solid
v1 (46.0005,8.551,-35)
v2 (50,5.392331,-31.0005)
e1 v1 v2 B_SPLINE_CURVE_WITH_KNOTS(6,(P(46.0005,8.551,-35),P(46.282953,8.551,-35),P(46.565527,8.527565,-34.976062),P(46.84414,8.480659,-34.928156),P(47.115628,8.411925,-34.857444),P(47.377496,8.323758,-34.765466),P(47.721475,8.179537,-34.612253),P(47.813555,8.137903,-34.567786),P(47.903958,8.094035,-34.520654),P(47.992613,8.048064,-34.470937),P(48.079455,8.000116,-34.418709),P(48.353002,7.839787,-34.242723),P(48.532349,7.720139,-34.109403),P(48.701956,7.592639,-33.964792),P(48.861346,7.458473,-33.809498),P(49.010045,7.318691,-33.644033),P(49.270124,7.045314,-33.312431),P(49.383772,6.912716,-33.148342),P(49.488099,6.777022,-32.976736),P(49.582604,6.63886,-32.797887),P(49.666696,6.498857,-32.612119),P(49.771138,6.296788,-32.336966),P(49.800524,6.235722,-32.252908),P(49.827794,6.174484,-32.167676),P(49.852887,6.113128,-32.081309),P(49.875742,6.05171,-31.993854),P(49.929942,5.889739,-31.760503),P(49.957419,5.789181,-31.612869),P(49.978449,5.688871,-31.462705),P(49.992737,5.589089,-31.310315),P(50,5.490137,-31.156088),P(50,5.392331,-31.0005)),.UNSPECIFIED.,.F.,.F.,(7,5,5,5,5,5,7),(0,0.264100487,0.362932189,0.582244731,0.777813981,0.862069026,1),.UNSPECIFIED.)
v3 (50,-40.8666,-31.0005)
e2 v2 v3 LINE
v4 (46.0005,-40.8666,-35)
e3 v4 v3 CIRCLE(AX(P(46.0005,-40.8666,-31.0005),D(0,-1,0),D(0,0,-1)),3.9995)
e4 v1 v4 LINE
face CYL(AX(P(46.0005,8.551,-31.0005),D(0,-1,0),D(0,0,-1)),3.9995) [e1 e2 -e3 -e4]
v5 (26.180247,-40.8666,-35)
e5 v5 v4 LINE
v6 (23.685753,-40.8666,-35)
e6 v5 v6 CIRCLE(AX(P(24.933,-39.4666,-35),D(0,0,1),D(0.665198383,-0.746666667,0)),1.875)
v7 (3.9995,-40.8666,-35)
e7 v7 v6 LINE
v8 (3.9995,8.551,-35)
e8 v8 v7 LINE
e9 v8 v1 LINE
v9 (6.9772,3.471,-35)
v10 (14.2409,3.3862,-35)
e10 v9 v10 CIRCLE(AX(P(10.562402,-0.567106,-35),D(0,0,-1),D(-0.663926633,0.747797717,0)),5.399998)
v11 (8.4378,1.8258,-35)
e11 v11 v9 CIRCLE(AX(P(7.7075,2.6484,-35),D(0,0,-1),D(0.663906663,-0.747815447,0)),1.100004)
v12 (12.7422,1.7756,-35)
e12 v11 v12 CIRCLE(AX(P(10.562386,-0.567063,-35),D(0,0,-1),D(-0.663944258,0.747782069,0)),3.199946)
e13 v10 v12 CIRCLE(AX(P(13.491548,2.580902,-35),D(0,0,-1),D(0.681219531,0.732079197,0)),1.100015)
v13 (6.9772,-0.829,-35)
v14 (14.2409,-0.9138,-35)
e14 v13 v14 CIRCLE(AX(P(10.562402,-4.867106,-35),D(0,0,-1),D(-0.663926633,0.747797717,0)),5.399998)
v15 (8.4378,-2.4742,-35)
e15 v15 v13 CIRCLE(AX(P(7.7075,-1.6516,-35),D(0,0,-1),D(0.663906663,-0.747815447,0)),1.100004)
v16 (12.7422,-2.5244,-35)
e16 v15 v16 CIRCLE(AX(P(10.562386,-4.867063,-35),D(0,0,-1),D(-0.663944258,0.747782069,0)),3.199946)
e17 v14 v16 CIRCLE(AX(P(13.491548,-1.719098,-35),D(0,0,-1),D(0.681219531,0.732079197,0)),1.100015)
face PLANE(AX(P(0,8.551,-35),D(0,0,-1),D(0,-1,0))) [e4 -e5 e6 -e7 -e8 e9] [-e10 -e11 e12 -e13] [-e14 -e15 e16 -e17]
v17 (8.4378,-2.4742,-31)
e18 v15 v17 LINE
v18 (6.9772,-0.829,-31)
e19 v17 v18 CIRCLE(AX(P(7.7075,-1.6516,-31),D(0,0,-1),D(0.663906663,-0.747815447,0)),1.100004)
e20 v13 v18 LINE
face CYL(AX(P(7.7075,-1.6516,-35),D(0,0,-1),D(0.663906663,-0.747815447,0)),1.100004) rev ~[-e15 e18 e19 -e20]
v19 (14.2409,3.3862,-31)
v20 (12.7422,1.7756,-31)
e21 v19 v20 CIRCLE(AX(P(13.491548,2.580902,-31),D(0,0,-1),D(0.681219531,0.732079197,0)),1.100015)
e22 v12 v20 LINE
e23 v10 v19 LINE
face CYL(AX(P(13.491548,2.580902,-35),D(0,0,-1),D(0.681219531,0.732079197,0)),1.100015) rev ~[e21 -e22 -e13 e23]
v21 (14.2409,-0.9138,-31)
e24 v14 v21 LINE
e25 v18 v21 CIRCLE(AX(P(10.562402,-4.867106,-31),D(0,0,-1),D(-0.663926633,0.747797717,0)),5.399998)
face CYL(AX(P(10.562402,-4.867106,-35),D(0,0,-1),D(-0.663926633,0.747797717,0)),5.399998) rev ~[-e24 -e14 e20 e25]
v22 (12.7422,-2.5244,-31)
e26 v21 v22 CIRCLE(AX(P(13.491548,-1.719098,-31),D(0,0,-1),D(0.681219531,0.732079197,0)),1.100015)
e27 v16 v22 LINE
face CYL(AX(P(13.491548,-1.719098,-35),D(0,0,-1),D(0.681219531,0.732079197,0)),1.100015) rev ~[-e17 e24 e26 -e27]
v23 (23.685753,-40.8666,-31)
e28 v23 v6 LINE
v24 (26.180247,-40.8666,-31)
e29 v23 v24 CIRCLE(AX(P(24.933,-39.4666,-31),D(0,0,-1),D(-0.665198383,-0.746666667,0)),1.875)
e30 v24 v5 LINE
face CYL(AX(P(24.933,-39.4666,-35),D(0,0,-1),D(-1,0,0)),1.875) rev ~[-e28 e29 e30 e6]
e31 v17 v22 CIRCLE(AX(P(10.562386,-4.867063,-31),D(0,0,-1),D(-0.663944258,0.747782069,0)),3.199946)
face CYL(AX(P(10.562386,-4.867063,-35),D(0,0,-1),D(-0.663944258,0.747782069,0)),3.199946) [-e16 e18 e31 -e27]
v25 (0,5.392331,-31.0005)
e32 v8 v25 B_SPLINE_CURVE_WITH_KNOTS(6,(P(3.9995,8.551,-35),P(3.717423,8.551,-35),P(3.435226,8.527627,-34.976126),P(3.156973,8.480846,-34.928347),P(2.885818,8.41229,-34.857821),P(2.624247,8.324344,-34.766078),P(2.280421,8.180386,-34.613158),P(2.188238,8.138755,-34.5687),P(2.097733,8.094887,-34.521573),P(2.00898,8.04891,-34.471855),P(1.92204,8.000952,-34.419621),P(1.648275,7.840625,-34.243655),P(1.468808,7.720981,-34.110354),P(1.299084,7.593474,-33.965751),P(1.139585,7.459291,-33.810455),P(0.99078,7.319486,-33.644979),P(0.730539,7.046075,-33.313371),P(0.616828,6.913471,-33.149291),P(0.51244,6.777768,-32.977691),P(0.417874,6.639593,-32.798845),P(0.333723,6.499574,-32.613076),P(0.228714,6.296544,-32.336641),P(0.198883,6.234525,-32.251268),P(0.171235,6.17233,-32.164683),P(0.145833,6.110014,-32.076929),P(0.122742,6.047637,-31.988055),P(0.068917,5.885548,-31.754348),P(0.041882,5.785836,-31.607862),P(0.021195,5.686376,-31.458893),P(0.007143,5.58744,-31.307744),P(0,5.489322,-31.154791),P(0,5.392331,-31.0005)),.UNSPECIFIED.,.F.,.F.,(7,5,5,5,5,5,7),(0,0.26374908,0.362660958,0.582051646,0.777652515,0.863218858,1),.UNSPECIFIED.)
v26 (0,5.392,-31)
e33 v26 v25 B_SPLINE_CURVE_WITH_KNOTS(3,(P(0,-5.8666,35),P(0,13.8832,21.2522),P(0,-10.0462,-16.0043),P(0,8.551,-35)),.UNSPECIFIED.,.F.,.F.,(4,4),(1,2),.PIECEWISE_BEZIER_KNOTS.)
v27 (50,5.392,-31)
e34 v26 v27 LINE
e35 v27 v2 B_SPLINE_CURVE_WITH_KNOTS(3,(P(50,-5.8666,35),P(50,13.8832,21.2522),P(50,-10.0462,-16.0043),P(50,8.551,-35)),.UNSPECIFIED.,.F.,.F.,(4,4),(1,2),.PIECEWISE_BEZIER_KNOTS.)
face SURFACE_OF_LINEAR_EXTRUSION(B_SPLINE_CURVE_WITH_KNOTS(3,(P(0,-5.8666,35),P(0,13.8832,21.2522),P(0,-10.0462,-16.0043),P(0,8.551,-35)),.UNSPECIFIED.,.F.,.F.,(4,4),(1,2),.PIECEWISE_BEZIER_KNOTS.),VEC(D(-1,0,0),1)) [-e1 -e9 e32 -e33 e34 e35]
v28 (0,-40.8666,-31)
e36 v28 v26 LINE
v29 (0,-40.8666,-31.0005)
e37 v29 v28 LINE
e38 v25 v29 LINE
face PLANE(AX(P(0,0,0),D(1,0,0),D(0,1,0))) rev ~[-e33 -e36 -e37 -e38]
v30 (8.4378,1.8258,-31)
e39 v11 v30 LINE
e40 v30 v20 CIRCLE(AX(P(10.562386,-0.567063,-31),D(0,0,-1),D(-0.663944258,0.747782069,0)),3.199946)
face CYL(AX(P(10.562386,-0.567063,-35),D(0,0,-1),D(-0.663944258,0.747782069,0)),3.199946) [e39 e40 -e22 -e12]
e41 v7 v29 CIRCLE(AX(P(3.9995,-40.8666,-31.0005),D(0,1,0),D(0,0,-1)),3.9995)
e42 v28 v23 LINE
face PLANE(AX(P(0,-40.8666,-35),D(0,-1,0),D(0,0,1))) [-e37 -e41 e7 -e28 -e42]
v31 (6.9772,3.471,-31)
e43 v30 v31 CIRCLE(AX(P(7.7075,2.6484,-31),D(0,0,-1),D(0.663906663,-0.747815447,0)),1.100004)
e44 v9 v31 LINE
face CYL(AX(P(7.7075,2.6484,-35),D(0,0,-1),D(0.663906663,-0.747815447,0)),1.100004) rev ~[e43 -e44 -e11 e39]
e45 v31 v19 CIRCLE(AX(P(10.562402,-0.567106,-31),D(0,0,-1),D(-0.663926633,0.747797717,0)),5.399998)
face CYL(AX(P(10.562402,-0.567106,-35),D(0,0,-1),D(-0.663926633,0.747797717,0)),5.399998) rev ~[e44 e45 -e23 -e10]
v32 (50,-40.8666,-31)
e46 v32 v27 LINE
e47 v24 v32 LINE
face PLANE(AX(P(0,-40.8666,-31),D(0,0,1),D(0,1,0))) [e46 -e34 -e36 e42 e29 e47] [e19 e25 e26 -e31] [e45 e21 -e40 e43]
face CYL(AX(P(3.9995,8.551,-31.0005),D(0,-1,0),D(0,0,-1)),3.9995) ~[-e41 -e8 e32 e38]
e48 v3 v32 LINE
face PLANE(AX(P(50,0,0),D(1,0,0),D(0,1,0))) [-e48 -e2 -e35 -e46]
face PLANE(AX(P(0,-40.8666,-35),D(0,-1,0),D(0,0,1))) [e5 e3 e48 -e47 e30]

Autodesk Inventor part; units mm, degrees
ref_plane "YZ Plane" through (0, 0, 0) normal (1, 0, 0) x (0, 1, 0)
ref_plane "XZ Plane" through (0, 0, 0) normal (0, 1, 0) x (-1, 0, 0)
ref_plane "XY Plane" through (0, 0, 0) normal (0, 0, 1) x (1, 0, 0)
sketch "Sketch2" plane through (0, 0, 0) normal (1, 0, 0) x (0, 1, 0)
  line L0 (43.74, 0) -> (-43.74, 0) construction
  line L1 (0, 65.172) -> (0, -65.172) construction
  spline S0 degree 3 poles (-5.8666, 35) (13.8832, 21.2522) (-10.0462, -16.0043) (8.551, -35) knots 1 1 1 1 2 2 2 2
  line L2 (-5.8666, 35) -> (13.8832, 21.2522) construction
  line L3 (13.8832, 21.2522) -> (-10.0462, -16.0043) construction
  line L4 (-10.0462, -16.0043) -> (8.551, -35) construction
  line L5 (-5.8666, 35) -> (-40.8666, 35)
  line L6 (-1.7165, 31) -> (-40.8666, 31)
  line L7 (-40.8666, 35) -> (-40.8666, 31)
  line L8 (8.551, -35) -> (-40.8666, -35)
  line L9 (-40.8666, -35) -> (-40.8666, -31)
  line L10 (-40.8666, -31) -> (5.392, -31)
  point P0 (0, 0)
  point P1 (0, 0)
  point P2 (0, 0)
  point P3 (0, 0)
  point P4 (0, 0)
  dimension "d0" = 35
  dimension "d1" = 4
  dimension "d2" = 4
extrude "Extrusion1" add sketch "Sketch2" along normal blind 50 contours S0 L8 L9 L10
fillet "Fillet1" radius 4 2 edges at (50, -16.1578, -35) (0, -16.1578, -35)
sketch "Sketch3" plane through (46, 8.551, -35) normal (0, 0, -1) x (-1, 0, 0)
  circle A0 centre (21.067, -48.0176) radius 1.875
  line L0 (42, -49.4176) -> (0, -49.4176) projected
  arc A1 (38.2925, -5.9026) -> (32.5085, -5.9701) centre (35.4376, -9.1181) ccw construction
  arc A2 (39.0228, -5.08) -> (31.7591, -5.1648) centre (35.4376, -9.1181) ccw
  arc A3 (37.5622, -6.7252) -> (33.2578, -6.7754) centre (35.4376, -9.1181) ccw
  arc A4 (37.5622, -6.7252) -> (39.0228, -5.08) centre (38.2925, -5.9026) ccw
  arc A5 (31.7591, -5.1648) -> (33.2578, -6.7754) centre (32.5085, -5.9701) ccw
  arc A6 (38.2925, -10.2026) -> (32.5085, -10.2701) centre (35.4376, -13.4181) ccw construction
  arc A7 (39.0228, -9.38) -> (31.7591, -9.4648) centre (35.4376, -13.4181) ccw
  arc A8 (37.5622, -11.0252) -> (33.2578, -11.0754) centre (35.4376, -13.4181) ccw
  arc A9 (37.5622, -11.0252) -> (39.0228, -9.38) centre (38.2925, -10.2026) ccw
  arc A10 (31.7591, -9.4648) -> (33.2578, -11.0754) centre (32.5085, -10.2701) ccw
  line L1 (35.4376, -14.6833) -> (35.4376, -1.9908) construction
  point P0 (46, -8.551)
  dimension "d6" = 3.75
  dimension "d7" = 1.4
  dimension "d10" = 4.3
  dimension "d11" = 4.3
  dimension "d12" = 3.2
  dimension "d13" = 3.2
  dimension "d14" = 4.3
extrude "Extrusion2" cut sketch "Sketch3" against normal blind 4
equation "\"d11\" = d10"
equation "\"d13\" = d12"
equation "\"d14\" = d11"
properties part number "Case Back"
